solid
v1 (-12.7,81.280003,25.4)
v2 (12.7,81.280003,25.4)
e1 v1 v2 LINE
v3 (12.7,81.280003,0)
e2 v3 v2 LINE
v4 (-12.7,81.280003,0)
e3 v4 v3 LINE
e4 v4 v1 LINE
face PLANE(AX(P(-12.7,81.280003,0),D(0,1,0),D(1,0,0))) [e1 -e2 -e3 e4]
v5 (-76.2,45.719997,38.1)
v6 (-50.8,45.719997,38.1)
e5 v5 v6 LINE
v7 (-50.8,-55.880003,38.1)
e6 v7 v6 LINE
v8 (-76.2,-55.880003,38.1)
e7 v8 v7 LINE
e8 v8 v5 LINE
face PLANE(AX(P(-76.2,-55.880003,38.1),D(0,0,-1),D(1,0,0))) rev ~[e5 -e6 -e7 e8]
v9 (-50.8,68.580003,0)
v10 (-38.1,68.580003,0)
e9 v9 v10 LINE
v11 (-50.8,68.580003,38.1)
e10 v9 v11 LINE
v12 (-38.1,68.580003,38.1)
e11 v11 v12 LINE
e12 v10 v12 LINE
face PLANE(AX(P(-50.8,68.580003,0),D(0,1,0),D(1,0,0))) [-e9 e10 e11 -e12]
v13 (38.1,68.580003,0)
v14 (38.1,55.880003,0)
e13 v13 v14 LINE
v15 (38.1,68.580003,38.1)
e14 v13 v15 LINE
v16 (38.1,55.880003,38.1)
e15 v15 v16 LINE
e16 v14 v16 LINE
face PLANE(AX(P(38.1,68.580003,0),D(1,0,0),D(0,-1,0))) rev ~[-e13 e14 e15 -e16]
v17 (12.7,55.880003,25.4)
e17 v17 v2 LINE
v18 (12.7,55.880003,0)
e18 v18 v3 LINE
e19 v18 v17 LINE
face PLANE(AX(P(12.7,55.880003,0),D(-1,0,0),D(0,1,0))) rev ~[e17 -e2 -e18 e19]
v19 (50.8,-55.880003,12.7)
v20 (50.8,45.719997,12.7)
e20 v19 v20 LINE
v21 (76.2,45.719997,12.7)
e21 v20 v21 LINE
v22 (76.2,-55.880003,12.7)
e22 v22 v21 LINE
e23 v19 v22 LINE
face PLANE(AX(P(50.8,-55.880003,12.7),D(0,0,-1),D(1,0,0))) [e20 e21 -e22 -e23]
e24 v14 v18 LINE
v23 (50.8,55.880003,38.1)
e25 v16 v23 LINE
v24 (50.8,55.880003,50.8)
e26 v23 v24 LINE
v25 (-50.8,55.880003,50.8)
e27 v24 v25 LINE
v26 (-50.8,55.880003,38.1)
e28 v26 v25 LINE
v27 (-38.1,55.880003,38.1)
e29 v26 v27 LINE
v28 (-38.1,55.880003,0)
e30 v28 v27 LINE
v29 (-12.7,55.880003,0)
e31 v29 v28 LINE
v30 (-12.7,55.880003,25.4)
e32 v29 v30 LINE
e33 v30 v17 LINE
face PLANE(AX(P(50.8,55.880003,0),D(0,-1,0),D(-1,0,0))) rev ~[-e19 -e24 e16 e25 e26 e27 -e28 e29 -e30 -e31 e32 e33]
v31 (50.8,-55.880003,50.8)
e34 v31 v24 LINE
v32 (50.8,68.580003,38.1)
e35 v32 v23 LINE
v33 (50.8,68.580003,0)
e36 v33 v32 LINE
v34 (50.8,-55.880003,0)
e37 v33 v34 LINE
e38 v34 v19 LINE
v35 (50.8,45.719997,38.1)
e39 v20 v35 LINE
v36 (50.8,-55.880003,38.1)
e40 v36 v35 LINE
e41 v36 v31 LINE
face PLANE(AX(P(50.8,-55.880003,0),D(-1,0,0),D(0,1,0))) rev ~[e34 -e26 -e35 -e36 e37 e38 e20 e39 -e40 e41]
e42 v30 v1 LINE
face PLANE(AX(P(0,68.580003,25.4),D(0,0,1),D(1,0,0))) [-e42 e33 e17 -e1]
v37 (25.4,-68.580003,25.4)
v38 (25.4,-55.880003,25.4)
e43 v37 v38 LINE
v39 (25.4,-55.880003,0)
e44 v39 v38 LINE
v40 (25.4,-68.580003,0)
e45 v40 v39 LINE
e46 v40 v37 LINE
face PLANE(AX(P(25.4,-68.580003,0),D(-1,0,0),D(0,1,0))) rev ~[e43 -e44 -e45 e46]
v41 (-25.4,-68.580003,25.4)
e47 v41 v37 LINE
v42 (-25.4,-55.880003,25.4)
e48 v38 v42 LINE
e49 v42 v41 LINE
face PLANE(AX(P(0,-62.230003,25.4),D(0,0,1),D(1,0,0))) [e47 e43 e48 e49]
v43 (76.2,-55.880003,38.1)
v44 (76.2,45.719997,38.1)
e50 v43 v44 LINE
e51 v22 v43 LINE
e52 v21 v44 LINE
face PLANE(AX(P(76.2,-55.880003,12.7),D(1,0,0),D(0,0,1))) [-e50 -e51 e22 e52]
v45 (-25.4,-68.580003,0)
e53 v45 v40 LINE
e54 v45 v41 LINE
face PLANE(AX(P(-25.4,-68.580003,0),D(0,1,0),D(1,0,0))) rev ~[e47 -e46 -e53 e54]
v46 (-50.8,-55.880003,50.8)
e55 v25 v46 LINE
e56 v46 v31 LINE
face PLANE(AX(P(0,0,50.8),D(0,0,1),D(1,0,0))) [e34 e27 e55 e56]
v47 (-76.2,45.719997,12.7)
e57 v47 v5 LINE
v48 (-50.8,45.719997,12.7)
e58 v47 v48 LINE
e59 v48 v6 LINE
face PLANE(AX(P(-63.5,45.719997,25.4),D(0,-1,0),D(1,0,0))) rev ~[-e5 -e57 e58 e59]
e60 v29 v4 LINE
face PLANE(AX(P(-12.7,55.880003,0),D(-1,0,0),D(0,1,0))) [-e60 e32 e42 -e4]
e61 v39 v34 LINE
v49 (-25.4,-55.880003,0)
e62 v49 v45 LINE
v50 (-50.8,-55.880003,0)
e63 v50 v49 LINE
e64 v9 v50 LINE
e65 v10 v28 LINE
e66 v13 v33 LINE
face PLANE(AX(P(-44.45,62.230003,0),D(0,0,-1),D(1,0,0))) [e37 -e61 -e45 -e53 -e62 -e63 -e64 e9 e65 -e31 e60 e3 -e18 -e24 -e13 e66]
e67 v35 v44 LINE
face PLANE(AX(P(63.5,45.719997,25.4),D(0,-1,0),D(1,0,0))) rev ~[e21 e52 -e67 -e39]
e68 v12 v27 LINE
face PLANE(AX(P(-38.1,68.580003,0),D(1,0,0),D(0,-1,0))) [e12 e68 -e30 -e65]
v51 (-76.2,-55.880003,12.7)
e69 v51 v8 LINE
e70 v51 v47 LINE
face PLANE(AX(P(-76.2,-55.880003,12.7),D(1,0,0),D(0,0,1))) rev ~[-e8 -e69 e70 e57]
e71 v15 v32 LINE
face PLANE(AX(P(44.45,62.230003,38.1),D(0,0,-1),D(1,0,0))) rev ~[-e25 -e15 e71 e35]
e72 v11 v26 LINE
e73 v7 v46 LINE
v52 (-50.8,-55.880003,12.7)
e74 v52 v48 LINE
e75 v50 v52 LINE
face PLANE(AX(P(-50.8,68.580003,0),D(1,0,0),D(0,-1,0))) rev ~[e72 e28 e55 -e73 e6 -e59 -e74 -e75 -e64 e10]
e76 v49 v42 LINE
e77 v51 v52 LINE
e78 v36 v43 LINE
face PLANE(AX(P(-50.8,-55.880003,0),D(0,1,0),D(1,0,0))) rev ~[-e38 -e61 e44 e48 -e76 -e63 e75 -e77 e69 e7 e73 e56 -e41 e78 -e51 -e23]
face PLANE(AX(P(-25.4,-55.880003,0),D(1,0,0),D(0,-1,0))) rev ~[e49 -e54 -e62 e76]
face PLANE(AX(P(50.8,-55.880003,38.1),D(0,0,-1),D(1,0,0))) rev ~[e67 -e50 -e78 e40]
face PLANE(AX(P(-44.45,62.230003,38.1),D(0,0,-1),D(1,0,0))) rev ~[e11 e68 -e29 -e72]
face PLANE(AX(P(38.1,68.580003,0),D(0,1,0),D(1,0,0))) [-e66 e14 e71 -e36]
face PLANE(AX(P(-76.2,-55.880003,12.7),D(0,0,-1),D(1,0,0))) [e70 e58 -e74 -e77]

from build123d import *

# Parameters (mm, degrees)
F1_DEPTH = 50.8
F2_DEPTH = 25.4
F0_W     = 25.4
F0_H     = 25.4
F3_DEPTH = 25.4
F4_W     = 25.4
F4_H     = 25.4
F5_DEPTH = 101.6
F6_W     = 12.7
F6_H     = 12.7
F7_DEPTH = 38.1


with BuildPart() as f1:
    # F0 (on Top) → F1 (new body)
    with BuildSketch(Plane.XY):
        Polygon((-50.8, 55.880003), (-50.8, -55.880003), (-25.4, -55.880003), (25.4, -55.880003), (50.8, -55.880003), (50.8, 55.880003), (12.7, 55.880003), (-12.7, 55.880003), align=None)
    extrude(amount=F1_DEPTH)

    # F0 (on Top) → F2 (join)
    with BuildSketch(Plane.XY):
        Polygon((25.4, -55.880003), (-25.4, -55.880003), (-25.4, -68.580003), (-12.7, -68.580003), (12.7, -68.580003), (25.4, -68.580003), align=None)
    extrude(amount=F2_DEPTH)

    # F0 (on Top) → F3 (join)
    with BuildSketch(Plane.XY):
        with Locations((0, 68.580003)):
            Rectangle(F0_W, F0_H)
    extrude(amount=F3_DEPTH)

    # F4 (on face) → F5 (join)
    with BuildSketch(Plane.XZ.offset(55.880003)):
        with Locations((-63.5, 25.4)):
            Rectangle(F4_W, F4_H)
        with Locations((63.5, 25.4)):
            Rectangle(F4_W, F4_H)
    extrude(amount=-F5_DEPTH)

    # F6 (on face) → F7 (join)
    with BuildSketch(Plane(origin=(0, 0, 0), x_dir=(1, 0, 0), z_dir=(0, 0, -1))):
        with Locations((-44.45, -62.230003)):
            Rectangle(F6_W, F6_H)
        with Locations((44.45, -62.230003)):
            Rectangle(F6_W, F6_H)
    extrude(amount=-F7_DEPTH)


solid = f1.part
